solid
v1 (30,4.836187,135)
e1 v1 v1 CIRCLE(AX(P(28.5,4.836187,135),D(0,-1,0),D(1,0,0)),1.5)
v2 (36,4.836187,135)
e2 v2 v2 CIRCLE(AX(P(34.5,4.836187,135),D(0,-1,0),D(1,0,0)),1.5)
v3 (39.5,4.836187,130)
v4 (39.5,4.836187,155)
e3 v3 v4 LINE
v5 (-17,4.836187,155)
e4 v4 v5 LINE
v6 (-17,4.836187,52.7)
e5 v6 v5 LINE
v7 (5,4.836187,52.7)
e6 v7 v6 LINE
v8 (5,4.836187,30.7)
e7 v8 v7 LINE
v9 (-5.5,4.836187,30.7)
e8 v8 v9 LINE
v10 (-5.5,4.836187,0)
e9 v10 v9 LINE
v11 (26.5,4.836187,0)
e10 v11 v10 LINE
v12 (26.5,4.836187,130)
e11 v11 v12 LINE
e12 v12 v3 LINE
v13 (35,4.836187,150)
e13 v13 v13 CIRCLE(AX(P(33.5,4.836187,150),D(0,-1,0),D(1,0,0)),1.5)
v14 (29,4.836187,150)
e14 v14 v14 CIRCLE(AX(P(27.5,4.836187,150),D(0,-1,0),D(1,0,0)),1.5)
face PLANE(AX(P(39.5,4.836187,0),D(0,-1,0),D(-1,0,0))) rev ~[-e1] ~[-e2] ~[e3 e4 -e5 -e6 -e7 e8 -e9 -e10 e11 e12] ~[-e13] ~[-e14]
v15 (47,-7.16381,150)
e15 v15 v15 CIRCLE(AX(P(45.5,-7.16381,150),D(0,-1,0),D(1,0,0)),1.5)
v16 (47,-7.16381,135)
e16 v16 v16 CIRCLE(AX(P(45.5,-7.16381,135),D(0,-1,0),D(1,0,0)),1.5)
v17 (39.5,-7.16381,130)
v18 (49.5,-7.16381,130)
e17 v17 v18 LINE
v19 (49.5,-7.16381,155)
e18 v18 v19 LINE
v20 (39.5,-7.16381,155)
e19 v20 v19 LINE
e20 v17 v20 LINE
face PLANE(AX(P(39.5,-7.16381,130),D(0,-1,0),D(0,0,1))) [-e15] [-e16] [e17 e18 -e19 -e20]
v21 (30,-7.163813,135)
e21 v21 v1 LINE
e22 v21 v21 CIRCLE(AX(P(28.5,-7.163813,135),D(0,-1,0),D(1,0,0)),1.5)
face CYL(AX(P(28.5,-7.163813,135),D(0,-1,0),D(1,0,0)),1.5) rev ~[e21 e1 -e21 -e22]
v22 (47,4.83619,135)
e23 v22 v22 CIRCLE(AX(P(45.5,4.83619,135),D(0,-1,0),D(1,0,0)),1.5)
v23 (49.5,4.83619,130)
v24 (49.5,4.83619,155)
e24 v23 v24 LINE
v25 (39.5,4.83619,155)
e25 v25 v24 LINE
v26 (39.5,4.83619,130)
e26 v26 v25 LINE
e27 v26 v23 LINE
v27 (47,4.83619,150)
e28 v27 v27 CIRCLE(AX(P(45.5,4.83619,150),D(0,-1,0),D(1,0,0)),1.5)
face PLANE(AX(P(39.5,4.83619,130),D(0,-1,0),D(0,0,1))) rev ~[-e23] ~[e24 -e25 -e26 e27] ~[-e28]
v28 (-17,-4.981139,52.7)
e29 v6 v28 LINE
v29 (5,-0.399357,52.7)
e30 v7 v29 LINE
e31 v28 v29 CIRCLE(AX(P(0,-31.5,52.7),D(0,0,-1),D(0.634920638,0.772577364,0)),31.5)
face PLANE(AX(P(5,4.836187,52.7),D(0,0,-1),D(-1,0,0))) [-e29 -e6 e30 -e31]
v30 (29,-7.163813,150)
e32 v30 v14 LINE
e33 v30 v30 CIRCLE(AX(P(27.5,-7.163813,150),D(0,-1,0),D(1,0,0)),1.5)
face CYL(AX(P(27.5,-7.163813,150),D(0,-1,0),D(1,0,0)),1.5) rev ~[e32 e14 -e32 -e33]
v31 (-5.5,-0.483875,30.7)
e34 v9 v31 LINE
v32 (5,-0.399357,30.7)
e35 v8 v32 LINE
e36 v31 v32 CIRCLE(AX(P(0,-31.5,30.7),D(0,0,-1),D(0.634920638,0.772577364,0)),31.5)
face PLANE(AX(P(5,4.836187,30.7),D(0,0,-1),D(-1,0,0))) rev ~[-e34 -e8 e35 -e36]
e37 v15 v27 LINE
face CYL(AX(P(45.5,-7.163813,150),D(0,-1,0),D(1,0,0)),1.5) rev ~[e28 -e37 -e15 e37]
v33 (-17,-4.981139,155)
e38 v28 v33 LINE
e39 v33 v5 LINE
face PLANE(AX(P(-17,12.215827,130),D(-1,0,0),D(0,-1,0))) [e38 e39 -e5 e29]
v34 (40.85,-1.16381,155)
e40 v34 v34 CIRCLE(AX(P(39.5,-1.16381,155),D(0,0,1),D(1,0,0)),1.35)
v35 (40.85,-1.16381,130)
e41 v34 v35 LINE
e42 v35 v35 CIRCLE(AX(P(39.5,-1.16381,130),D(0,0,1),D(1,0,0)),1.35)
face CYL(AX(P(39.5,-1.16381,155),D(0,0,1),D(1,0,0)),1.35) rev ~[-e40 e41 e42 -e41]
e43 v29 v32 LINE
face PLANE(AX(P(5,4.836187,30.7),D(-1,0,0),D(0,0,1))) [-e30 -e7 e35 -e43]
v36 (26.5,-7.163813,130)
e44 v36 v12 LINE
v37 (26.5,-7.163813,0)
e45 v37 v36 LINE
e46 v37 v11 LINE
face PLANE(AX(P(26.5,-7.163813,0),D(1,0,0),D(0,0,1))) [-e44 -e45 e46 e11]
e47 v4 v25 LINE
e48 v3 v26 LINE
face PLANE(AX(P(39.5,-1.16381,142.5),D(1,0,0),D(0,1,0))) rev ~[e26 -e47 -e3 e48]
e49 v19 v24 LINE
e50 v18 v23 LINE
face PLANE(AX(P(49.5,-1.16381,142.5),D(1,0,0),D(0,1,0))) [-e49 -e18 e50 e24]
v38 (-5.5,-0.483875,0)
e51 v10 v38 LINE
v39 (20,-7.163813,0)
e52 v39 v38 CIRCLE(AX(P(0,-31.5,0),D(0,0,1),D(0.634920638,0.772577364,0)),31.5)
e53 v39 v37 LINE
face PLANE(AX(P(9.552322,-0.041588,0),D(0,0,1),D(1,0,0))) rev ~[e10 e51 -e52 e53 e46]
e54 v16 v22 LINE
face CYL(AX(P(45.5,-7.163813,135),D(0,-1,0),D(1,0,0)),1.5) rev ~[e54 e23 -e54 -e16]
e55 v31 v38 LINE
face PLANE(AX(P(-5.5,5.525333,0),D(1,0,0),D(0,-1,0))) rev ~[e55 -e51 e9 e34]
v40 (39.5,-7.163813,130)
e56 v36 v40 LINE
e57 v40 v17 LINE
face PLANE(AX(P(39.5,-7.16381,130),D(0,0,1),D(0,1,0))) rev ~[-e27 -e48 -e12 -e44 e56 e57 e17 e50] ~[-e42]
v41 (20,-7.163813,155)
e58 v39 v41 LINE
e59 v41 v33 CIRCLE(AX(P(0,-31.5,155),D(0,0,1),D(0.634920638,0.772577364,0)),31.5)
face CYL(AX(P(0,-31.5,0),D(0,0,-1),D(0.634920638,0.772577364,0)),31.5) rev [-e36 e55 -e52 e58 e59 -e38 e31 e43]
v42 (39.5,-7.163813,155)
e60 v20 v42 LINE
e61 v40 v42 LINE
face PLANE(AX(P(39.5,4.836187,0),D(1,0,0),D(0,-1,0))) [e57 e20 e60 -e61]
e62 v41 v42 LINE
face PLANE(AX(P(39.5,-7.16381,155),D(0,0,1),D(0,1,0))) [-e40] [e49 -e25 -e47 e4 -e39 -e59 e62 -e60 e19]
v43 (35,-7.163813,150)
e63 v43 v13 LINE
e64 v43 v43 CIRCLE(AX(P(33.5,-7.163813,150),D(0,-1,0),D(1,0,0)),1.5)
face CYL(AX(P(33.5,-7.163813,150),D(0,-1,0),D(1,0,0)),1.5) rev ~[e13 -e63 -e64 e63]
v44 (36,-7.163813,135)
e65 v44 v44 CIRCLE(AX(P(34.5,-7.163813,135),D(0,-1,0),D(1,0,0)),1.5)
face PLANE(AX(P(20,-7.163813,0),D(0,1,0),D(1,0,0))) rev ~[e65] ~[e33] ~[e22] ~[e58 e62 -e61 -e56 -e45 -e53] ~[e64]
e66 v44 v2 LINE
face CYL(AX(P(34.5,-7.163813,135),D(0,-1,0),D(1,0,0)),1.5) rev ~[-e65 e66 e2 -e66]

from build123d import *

# Parameters (mm, degrees)
PAD_DEPTH            = 155
SKETCH001_R          = 1.5
SKETCH001_W          = 13
SKETCH001_H          = 130
POCKET_DEPTH         = 12.001
SKETCH002_W          = 5.583172
SKETCH002_H          = 23.950112
POCKET001_DEPTH      = 25.001
POCKET001_DEPTH_BACK = -130.001
SKETCH003_W          = 22
SKETCH003_H          = 22
POCKET002_DEPTH      = 12.001
SKETCH004_W          = 11.5
SKETCH004_H          = 12.924639
POCKET003_DEPTH      = 31
SKETCH005_W          = 12
SKETCH005_H          = 25
PAD001_DEPTH         = 10
SKETCH006_R          = 1.35
POCKET004_DEPTH      = 155.001
SKETCH007_R          = 1.5
POCKET005_DEPTH      = 12.001003


with BuildPart() as part:
    # Sketch → Pad (new body)
    with BuildSketch(Plane.XY):
        with BuildLine():
            Line((39.5, 4.836187), (-20, 4.836187))
            Line((-20, 4.836187), (-20, -7.163813))
            ThreePointArc((20, -7.163813), (0, 0), (-20, -7.163813))
            Line((20, -7.163813), (39.5, -7.163813))
            Line((39.5, 4.836187), (39.5, -7.163813))
        make_face()
    extrude(amount=PAD_DEPTH)

    # Sketch001 → Pocket (cut, through all)
    with BuildSketch(Plane.XZ.offset(7.163813)):
        with Locations((28.5, 135)):
            Circle(SKETCH001_R)
        with Locations((34.5, 135)):
            Circle(SKETCH001_R)
        with Locations((33, 65)):
            Rectangle(SKETCH001_W, SKETCH001_H)
    extrude(amount=-POCKET_DEPTH, mode=Mode.SUBTRACT)

    # Sketch002 → Pocket001 (cut, two sides)
    with BuildSketch(Plane(origin=(0, 0, 130), x_dir=(1, 0, 0), z_dir=(0, 0, -1))) as pocket001_sk:
        with Locations((-19.791586, -0.240771)):
            Rectangle(SKETCH002_W, SKETCH002_H)
    extrude(amount=-POCKET001_DEPTH, mode=Mode.SUBTRACT)
    extrude(pocket001_sk.sketch, amount=-POCKET001_DEPTH_BACK, mode=Mode.SUBTRACT)

    # Sketch003 → Pocket002 (cut, through all)
    with BuildSketch(Plane(origin=(0, 4.836187, 0), x_dir=(-1, 0, 0), z_dir=(0, 1, 0))):
        with Locations((6, 41.7)):
            Rectangle(SKETCH003_W, SKETCH003_H)
    extrude(amount=-POCKET002_DEPTH, mode=Mode.SUBTRACT)

    # Sketch004 → Pocket003 (cut)
    with BuildSketch(Plane(origin=(0, 0, 0), x_dir=(1, 0, 0), z_dir=(0, 0, -1))):
        with Locations((-11.25, 0.936987)):
            Rectangle(SKETCH004_W, SKETCH004_H)
    extrude(amount=-POCKET003_DEPTH, mode=Mode.SUBTRACT)

    # Sketch005 → Pad001 (new body)
    with BuildSketch(Plane.YZ.offset(39.5)):
        with Locations((-1.16381, 142.5)):
            Rectangle(SKETCH005_W, SKETCH005_H)
    extrude(amount=PAD001_DEPTH)

    # Sketch006 → Pocket004 (cut, through all)
    with BuildSketch(Plane.XY.offset(155)):
        with Locations((39.5, -1.16381)):
            Circle(SKETCH006_R)
    extrude(amount=-POCKET004_DEPTH, mode=Mode.SUBTRACT)

    # Sketch007 → Pocket005 (cut, through all)
    with BuildSketch(Plane.XZ.offset(7.163813)):
        with Locations((27.5, 150)):
            Circle(SKETCH007_R)
        with Locations((33.5, 150)):
            Circle(SKETCH007_R)
        with Locations((45.5, 150)):
            Circle(SKETCH007_R)
        with Locations((45.5, 135)):
            Circle(SKETCH007_R)
    extrude(amount=-POCKET005_DEPTH, mode=Mode.SUBTRACT)


solid = part.part
